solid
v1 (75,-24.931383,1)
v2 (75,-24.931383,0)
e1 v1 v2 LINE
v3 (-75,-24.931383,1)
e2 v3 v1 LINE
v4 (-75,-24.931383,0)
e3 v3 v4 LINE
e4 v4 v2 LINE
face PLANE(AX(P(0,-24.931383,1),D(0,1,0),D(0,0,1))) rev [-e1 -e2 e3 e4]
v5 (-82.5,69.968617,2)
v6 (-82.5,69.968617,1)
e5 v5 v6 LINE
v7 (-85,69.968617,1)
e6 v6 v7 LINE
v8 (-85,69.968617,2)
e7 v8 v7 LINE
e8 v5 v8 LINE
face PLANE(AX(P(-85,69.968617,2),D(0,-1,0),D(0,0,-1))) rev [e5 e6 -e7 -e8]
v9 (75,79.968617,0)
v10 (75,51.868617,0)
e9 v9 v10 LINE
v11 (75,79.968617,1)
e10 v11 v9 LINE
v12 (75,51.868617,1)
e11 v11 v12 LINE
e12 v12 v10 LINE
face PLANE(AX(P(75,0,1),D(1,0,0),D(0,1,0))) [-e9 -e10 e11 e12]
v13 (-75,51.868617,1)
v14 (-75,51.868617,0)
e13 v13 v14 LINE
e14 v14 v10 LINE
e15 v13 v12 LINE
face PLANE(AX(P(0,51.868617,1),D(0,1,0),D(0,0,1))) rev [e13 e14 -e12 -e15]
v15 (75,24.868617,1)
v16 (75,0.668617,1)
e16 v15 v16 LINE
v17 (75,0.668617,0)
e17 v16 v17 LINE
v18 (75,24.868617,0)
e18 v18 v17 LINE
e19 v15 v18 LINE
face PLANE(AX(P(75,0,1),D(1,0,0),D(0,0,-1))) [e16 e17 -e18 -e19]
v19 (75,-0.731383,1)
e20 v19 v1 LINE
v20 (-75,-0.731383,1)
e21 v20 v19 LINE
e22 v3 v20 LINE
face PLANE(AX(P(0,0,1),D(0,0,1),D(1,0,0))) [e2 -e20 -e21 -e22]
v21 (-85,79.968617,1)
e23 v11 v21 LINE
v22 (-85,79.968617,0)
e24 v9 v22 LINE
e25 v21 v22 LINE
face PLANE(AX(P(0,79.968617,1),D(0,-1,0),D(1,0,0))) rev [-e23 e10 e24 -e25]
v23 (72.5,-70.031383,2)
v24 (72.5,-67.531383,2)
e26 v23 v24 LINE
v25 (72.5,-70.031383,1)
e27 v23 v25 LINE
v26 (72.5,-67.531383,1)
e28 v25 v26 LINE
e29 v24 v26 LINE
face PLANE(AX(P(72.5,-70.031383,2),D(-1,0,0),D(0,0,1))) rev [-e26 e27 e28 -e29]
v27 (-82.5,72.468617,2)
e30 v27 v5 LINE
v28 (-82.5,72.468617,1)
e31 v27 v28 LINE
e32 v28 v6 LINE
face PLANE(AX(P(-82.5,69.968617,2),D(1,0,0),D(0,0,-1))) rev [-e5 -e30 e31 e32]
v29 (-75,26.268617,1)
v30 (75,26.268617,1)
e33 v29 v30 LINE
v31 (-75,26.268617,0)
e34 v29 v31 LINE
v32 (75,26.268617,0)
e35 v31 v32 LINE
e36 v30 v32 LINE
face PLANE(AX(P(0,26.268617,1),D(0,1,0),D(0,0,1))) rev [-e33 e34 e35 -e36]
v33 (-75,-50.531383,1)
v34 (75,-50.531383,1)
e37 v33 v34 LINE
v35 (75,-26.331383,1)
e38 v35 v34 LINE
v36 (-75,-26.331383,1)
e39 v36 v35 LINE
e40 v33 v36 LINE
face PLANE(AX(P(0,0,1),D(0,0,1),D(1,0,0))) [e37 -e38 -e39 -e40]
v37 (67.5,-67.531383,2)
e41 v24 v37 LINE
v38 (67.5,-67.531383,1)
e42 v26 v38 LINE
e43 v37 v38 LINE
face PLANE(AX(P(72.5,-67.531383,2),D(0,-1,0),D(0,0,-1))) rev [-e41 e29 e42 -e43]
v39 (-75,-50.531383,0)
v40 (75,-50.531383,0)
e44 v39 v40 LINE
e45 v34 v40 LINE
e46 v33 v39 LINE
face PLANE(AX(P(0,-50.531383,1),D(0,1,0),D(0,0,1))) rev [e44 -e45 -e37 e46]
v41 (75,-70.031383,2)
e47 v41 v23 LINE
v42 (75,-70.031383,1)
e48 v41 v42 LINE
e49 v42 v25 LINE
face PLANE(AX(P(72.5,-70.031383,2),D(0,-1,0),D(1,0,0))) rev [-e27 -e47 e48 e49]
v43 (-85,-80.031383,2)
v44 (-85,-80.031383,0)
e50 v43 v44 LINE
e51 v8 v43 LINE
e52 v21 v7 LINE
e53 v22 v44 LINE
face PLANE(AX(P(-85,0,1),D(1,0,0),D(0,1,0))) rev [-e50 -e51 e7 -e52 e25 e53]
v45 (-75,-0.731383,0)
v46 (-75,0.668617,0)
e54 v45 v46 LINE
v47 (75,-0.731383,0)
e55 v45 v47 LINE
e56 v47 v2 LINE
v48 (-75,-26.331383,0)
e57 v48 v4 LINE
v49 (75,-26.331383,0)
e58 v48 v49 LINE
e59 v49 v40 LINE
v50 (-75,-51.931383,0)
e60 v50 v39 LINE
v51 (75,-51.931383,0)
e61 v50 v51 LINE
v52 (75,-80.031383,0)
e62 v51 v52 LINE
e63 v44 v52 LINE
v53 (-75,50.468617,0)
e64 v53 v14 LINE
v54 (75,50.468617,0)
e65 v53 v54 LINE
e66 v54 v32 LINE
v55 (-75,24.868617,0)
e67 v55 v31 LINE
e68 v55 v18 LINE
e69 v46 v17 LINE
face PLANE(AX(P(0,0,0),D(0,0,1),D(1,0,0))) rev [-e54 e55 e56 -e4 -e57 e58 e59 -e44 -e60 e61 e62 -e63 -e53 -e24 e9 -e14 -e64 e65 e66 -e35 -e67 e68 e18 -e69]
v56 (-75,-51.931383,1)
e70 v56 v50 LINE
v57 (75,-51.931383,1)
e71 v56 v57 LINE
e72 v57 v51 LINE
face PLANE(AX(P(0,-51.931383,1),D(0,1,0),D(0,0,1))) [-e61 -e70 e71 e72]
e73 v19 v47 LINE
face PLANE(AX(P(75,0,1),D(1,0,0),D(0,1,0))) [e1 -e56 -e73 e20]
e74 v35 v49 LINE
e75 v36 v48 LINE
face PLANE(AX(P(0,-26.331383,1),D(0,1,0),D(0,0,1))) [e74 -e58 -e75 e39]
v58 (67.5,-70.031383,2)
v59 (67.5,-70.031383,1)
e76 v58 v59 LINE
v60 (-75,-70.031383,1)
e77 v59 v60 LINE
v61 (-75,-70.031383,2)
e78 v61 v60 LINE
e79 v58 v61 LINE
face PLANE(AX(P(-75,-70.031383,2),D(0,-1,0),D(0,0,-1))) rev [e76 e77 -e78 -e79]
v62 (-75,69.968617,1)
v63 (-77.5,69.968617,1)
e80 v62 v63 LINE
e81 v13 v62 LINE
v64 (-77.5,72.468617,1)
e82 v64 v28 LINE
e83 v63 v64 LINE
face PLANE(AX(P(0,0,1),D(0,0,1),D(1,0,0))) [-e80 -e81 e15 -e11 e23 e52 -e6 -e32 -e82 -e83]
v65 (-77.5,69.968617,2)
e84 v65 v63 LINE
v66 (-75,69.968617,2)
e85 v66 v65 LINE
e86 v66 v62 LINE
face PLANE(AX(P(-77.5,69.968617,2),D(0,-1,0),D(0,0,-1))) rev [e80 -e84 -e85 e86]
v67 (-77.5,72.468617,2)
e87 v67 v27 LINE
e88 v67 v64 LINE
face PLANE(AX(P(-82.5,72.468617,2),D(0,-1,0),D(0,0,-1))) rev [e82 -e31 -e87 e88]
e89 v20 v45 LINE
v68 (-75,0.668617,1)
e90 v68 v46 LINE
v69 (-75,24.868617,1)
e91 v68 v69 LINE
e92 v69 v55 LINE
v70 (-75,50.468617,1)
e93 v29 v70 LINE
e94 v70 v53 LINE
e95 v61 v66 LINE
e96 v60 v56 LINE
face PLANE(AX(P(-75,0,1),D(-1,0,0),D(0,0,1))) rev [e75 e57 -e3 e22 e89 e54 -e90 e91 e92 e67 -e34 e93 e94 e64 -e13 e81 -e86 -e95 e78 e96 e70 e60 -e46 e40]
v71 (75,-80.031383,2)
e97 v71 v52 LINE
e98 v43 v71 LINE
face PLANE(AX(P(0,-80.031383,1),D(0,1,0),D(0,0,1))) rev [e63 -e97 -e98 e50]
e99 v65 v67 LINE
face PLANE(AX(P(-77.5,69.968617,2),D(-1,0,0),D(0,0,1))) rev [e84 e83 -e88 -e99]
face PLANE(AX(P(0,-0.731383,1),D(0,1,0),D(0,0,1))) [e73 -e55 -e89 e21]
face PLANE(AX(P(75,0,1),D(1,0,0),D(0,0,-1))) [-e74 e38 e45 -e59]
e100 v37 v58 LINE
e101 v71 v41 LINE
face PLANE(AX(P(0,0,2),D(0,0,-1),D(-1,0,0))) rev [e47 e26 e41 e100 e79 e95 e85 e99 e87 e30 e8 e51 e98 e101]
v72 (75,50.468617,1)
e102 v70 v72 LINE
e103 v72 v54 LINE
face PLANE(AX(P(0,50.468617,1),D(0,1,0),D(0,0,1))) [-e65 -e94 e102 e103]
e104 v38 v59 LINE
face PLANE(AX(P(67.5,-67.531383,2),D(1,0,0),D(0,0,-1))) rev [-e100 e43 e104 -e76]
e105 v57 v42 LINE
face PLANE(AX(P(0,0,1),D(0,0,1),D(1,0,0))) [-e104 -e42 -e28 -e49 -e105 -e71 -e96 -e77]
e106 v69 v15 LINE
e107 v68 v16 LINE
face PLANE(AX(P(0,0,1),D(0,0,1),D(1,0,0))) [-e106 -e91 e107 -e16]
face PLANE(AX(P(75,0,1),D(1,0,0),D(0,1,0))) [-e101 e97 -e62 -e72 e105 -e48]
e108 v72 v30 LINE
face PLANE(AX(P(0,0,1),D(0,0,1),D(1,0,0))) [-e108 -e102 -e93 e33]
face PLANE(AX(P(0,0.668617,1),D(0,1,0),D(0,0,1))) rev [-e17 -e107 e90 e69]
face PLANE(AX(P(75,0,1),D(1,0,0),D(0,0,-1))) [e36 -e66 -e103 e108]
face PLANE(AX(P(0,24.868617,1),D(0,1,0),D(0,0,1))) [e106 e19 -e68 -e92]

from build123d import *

# Parameters (mm, degrees)
EXTRUDE_1_DEPTH = 1
EXTRUDE_2_DEPTH = 1


with BuildPart() as part:
    # 草图1 → 凸台-拉伸1 (new body)
    with BuildSketch(Plane.XY):
        Polygon((-75, 50.468617295), (-75, 51.868617295), (-65, 51.868617295), (75, 51.868617295), (75, 79.968617295), (-85, 79.968617295), (-85, -80.031382705), (75, -80.031382705), (75, -51.931382705), (-65, -51.931382705), (-75, -51.931382705), (-75, -50.531382705), (-65, -50.531382705), (75, -50.531382705), (75, -26.331382705), (-65, -26.331382705), (-75, -26.331382705), (-75, -24.931382705), (-65, -24.931382705), (75, -24.931382705), (75, -0.731382705), (-65, -0.731382705), (-75, -0.731382705), (-75, 0.668617295), (-65, 0.668617295), (75, 0.668617295), (75, 24.868617295), (-65, 24.868617295), (-75, 24.868617295), (-75, 26.268617295), (-65, 26.268617295), (75, 26.268617295), (75, 50.468617295), (-65, 50.468617295), align=None)
    extrude(amount=EXTRUDE_1_DEPTH)

    # 草图2 → 凸台-拉伸2 (add)
    with BuildSketch(Plane.XY.offset(1)):
        Polygon((-85, -80.031382705), (-85, -70.031382705), (-85, 69.968617295), (-82.5, 69.968617295), (-82.5, 72.468617295), (-77.5, 72.468617295), (-77.5, 69.968617295), (-75, 69.968617295), (-75, -70.031382705), (67.5, -70.031382705), (67.5, -67.531382705), (72.5, -67.531382705), (72.5, -70.031382705), (75, -70.031382705), (75, -80.031382705), align=None)
    extrude(amount=EXTRUDE_2_DEPTH)


solid = part.part
